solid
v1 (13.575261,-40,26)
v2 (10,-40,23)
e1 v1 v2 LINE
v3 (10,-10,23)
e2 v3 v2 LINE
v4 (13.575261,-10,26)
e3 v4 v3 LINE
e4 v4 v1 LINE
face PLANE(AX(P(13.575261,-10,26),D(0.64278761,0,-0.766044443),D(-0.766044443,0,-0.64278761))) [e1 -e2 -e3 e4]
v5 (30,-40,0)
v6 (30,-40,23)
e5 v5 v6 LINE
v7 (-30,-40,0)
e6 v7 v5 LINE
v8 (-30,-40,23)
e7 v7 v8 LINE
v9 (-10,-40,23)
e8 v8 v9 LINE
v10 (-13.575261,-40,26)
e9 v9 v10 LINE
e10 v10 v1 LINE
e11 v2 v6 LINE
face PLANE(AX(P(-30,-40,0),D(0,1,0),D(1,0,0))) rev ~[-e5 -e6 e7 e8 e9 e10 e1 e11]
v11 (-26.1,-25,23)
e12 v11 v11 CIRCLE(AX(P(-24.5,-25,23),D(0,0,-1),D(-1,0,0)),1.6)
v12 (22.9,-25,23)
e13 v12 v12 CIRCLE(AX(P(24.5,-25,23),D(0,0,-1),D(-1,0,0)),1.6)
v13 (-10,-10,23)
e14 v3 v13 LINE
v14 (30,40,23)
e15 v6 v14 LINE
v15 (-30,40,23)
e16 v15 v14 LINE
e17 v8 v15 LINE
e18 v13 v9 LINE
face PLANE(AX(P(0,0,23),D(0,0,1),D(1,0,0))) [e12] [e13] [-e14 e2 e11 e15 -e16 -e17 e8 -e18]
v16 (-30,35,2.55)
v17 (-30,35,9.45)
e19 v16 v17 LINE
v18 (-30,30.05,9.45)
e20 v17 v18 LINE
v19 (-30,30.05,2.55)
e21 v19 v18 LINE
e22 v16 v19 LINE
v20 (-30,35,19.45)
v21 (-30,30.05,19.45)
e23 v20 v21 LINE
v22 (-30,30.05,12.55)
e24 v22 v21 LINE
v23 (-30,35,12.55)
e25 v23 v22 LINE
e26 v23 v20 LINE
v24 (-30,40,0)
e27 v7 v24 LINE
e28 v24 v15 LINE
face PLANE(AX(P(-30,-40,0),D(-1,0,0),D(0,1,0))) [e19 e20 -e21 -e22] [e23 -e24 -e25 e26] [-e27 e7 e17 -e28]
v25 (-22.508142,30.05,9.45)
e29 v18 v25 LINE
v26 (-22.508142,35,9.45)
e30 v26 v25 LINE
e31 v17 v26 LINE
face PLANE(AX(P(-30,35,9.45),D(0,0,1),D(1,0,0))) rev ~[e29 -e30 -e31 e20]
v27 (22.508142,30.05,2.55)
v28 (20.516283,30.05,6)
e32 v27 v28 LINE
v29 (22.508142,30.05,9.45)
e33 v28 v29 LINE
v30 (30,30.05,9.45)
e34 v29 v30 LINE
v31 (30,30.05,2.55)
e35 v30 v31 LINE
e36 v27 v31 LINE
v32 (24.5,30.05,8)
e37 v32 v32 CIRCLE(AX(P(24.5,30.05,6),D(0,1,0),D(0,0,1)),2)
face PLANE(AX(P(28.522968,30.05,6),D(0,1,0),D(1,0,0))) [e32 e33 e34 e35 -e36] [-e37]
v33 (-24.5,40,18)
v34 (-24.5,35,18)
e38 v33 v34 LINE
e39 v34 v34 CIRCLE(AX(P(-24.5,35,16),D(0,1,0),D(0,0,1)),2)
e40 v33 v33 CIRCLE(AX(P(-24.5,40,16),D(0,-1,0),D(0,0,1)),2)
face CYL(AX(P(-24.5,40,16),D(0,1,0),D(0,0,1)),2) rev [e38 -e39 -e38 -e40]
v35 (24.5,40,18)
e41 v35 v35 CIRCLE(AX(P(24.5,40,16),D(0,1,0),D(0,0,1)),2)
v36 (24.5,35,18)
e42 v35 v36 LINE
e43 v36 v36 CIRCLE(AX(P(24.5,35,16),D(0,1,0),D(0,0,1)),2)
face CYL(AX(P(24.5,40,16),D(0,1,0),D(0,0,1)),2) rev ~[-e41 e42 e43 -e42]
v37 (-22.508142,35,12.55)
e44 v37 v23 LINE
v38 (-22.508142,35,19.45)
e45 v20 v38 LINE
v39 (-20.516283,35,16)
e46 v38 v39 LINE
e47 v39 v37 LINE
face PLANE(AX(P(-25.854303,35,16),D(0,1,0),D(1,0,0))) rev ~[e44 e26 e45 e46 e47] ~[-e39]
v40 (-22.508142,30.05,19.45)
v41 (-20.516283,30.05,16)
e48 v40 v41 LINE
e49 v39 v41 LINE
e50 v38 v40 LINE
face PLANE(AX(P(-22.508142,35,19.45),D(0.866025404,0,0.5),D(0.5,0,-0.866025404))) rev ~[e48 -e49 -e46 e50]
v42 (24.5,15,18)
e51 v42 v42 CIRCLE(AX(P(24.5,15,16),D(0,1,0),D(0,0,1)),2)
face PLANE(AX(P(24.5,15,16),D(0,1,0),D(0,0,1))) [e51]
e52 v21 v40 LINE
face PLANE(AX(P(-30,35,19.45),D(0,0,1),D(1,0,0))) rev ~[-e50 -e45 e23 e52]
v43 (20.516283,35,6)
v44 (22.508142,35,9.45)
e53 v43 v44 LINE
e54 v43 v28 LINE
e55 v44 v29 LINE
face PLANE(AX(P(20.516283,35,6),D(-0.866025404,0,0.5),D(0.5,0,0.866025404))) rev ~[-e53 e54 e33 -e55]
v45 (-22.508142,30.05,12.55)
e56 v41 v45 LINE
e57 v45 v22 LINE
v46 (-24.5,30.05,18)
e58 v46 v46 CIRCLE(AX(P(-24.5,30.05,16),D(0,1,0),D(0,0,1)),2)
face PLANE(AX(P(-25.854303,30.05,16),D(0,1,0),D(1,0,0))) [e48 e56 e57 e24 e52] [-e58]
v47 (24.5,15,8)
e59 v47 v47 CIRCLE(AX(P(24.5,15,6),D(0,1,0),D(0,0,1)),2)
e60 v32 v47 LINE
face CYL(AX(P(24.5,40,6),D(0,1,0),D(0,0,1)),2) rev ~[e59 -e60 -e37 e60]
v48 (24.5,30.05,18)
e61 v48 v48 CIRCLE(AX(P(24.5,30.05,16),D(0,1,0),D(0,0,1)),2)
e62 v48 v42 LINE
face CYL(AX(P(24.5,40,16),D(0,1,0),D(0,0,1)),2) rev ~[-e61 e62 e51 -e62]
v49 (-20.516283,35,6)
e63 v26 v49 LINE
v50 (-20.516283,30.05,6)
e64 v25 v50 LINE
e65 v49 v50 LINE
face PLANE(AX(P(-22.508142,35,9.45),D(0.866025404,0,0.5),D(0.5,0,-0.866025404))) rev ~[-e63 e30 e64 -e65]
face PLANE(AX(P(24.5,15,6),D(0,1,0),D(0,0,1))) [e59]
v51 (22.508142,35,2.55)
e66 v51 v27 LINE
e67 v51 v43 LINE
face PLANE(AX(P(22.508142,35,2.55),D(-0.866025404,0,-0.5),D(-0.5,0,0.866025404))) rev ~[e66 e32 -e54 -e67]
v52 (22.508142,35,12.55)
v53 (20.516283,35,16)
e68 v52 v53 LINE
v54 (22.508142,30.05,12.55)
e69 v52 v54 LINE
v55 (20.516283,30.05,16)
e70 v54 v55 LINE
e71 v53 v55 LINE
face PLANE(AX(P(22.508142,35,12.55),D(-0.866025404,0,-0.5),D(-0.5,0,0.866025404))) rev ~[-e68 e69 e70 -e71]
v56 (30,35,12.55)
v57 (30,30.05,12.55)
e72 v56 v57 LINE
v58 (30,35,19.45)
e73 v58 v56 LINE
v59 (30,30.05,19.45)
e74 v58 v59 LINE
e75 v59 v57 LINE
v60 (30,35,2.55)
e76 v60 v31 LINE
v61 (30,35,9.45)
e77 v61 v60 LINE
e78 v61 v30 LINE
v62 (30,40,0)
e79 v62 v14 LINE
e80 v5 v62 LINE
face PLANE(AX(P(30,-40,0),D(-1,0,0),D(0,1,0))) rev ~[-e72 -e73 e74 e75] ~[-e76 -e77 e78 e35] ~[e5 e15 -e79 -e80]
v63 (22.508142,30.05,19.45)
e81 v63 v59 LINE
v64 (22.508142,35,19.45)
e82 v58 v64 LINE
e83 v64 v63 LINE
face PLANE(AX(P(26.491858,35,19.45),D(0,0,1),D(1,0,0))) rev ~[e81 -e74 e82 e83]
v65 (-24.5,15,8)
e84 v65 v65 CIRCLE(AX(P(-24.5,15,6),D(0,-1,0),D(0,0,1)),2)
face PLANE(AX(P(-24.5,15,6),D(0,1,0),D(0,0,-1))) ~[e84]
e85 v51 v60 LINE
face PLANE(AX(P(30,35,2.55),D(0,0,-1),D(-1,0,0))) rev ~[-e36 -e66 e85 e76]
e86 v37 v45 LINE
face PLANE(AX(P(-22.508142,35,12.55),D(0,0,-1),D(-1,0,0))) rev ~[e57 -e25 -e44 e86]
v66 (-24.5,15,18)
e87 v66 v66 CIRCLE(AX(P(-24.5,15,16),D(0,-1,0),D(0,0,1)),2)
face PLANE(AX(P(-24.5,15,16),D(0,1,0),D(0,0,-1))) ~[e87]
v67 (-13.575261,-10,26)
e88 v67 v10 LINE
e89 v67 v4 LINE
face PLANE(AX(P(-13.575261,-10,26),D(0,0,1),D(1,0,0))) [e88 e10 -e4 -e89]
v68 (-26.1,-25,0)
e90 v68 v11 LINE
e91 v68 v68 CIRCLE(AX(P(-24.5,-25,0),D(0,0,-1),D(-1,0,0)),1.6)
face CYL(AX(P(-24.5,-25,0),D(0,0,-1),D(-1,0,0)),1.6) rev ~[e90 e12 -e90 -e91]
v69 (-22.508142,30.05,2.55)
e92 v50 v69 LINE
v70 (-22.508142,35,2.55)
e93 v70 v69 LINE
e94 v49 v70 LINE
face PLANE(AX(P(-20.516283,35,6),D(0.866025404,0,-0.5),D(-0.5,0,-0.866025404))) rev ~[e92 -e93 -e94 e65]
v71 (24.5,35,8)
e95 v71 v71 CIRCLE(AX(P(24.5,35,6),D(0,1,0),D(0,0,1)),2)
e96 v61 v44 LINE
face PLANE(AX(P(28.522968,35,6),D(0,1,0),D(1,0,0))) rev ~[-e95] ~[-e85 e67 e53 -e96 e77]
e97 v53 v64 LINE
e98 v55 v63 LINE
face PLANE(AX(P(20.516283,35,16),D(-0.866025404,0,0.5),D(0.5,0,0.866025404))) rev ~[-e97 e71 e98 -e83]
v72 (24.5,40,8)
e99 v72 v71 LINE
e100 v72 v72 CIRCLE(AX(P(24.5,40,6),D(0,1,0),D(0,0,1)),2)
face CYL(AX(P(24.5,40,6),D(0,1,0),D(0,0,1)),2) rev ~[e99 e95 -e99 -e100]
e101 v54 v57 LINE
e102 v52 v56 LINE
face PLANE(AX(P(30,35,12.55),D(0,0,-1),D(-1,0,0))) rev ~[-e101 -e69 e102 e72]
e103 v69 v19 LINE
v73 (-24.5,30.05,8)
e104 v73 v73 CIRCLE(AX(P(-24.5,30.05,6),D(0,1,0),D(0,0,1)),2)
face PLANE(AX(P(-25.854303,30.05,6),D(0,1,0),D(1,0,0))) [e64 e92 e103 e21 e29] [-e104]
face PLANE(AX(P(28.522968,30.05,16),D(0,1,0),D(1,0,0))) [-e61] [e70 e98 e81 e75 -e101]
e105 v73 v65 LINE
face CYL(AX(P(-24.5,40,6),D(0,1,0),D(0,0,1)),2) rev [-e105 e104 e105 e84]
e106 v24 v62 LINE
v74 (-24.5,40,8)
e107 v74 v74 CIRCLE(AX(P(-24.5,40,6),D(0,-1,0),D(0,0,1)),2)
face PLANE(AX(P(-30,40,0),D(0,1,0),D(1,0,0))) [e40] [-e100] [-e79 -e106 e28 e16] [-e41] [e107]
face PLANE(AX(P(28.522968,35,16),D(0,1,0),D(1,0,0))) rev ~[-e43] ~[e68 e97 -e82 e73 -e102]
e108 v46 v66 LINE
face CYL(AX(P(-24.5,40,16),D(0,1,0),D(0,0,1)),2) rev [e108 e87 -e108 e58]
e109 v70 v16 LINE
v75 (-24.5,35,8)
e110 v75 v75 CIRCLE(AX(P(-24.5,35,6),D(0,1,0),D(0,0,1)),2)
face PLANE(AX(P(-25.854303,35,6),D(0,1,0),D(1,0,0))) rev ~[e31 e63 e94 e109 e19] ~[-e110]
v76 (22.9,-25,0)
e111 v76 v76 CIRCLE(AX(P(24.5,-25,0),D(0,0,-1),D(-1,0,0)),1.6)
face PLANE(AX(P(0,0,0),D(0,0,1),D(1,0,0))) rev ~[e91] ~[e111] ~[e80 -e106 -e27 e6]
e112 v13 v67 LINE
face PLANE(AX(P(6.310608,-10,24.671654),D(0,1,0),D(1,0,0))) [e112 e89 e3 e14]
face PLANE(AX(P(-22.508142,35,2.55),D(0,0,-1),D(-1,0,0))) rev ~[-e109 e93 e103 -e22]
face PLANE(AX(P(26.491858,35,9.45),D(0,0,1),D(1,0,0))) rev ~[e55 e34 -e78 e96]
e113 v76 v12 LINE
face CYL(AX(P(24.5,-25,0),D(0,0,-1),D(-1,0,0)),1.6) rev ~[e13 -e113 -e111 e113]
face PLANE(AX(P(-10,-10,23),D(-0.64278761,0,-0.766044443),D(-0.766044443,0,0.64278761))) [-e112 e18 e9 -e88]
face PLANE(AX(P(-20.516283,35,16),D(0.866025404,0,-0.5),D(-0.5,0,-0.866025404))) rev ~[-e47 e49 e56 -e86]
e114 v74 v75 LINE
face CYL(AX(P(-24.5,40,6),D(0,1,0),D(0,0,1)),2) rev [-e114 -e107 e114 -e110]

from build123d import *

# Parameters (mm, degrees)
SKETCH_1_W             = 60
SKETCH_1_H             = 80
EXTRUDE_1_DEPTH        = 23
SKETCH_3_R             = 2
CUT_EXTRUDE_2_DEPTH    = 25
EXTRUDE_START          = -50
EXTRUDE_2_DEPTH        = 30
SKETCH_5_R             = 1.6
CUT_EXTRUDE_3_DEPTH    = 57.356011214
CUT_EXTRUDE_START      = -5
SKETCH_7_R             = 2
CUT_EXTRUDE_4_DEPTH    = 4.95
PATTERN_LINEAR_1_COUNT = 2
PATTERN_LINEAR_1_PITCH = 10


with BuildPart() as part:
    # 草图1 → 凸台-拉伸1 (new body)
    with BuildSketch(Plane.XY):
        Rectangle(SKETCH_1_W, SKETCH_1_H)
    extrude(amount=EXTRUDE_1_DEPTH)

    # 草图3 → 切除-拉伸2 (cut)
    with BuildSketch(Plane(origin=(0, 40, 0), x_dir=(1, 0, 0), z_dir=(0, 1, 0))):
        with Locations(Location((24.5, -6, 0), (0, 0, 270))):
            Circle(SKETCH_3_R)
        with Locations(Location((24.5, -16, 0), (0, 0, 270))):
            Circle(SKETCH_3_R)
    cut_extrude_2 = extrude(amount=-CUT_EXTRUDE_2_DEPTH, mode=Mode.SUBTRACT)

    # 镜向1: 切除-拉伸2 across plane
    add(cut_extrude_2.mirror(Plane(origin=(0, 0, 0), x_dir=(0, 0, 1), z_dir=(1, 0, 0))), mode=Mode.SUBTRACT)

    # 草图4 → 凸台-拉伸2 (add)
    with BuildSketch(Plane(origin=(0, 40, 0), x_dir=(1, 0, 0), z_dir=(0, 1, 0)).offset(EXTRUDE_START)):
        Polygon((13.575260778, -26), (10, -23), (0, -23), (0, -26), align=None)
        Polygon((0, -26), (0, -23), (-10, -23), (-13.575260778, -26), align=None)
    extrude(amount=-EXTRUDE_2_DEPTH)

    # 草图5 → 切除-拉伸3 (cut, through all)
    with BuildSketch(Plane(origin=(0, 0, 0), x_dir=(-1, 0, 0), z_dir=(0, 0, -1))):
        with Locations((-24.5, -25)):
            Circle(SKETCH_5_R)
        with Locations((24.5, -25)):
            Circle(SKETCH_5_R)
    extrude(amount=-CUT_EXTRUDE_3_DEPTH, mode=Mode.SUBTRACT)

    # 草图7 → 切除-拉伸4 (cut)
    # profile 1 of 3: a face of its own
    with BuildSketch(Plane(origin=(0, 40, 0), x_dir=(1, 0, 0), z_dir=(0, 1, 0)).offset(CUT_EXTRUDE_START)):
        Polygon((-26.491858429, -9.45), (-22.508141571, -9.45), (-20.516283143, -6), (-22.508141571, -2.55), (-26.491858429, -2.55), (-30, -2.55), (-30, -9.45), align=None)
        with Locations(Location((-24.5, -6, 0), (0, 0, 270))):
            Circle(SKETCH_7_R, mode=Mode.SUBTRACT)
    # profile 2 of 3: a face of its own
    with BuildSketch(Plane(origin=(0, 40, 0), x_dir=(1, 0, 0), z_dir=(0, 1, 0)).offset(CUT_EXTRUDE_START)):
        Polygon((26.491858429, -9.45), (28.483716857, -6), (26.491858429, -2.55), (22.508141571, -2.55), (20.516283143, -6), (22.508141571, -9.45), align=None)
        with Locations(Location((24.5, -6, 0), (0, 0, 270))):
            Circle(SKETCH_7_R, mode=Mode.SUBTRACT)
    # profile 3 of 3: a face of its own
    with BuildSketch(Plane(origin=(0, 40, 0), x_dir=(1, 0, 0), z_dir=(0, 1, 0)).offset(CUT_EXTRUDE_START)):
        Polygon((26.491858429, -9.45), (30, -9.45), (30, -2.55), (26.491858429, -2.55), (28.483716857, -6), align=None)
    cut_extrude_4 = extrude(amount=-CUT_EXTRUDE_4_DEPTH, mode=Mode.SUBTRACT)

    # 阵列(线性)1: 切除-拉伸4 ×2
    with Locations(*[(0, 0, i * PATTERN_LINEAR_1_PITCH) for i in range(1, PATTERN_LINEAR_1_COUNT)]):
        add(cut_extrude_4, mode=Mode.SUBTRACT)


solid = part.part
